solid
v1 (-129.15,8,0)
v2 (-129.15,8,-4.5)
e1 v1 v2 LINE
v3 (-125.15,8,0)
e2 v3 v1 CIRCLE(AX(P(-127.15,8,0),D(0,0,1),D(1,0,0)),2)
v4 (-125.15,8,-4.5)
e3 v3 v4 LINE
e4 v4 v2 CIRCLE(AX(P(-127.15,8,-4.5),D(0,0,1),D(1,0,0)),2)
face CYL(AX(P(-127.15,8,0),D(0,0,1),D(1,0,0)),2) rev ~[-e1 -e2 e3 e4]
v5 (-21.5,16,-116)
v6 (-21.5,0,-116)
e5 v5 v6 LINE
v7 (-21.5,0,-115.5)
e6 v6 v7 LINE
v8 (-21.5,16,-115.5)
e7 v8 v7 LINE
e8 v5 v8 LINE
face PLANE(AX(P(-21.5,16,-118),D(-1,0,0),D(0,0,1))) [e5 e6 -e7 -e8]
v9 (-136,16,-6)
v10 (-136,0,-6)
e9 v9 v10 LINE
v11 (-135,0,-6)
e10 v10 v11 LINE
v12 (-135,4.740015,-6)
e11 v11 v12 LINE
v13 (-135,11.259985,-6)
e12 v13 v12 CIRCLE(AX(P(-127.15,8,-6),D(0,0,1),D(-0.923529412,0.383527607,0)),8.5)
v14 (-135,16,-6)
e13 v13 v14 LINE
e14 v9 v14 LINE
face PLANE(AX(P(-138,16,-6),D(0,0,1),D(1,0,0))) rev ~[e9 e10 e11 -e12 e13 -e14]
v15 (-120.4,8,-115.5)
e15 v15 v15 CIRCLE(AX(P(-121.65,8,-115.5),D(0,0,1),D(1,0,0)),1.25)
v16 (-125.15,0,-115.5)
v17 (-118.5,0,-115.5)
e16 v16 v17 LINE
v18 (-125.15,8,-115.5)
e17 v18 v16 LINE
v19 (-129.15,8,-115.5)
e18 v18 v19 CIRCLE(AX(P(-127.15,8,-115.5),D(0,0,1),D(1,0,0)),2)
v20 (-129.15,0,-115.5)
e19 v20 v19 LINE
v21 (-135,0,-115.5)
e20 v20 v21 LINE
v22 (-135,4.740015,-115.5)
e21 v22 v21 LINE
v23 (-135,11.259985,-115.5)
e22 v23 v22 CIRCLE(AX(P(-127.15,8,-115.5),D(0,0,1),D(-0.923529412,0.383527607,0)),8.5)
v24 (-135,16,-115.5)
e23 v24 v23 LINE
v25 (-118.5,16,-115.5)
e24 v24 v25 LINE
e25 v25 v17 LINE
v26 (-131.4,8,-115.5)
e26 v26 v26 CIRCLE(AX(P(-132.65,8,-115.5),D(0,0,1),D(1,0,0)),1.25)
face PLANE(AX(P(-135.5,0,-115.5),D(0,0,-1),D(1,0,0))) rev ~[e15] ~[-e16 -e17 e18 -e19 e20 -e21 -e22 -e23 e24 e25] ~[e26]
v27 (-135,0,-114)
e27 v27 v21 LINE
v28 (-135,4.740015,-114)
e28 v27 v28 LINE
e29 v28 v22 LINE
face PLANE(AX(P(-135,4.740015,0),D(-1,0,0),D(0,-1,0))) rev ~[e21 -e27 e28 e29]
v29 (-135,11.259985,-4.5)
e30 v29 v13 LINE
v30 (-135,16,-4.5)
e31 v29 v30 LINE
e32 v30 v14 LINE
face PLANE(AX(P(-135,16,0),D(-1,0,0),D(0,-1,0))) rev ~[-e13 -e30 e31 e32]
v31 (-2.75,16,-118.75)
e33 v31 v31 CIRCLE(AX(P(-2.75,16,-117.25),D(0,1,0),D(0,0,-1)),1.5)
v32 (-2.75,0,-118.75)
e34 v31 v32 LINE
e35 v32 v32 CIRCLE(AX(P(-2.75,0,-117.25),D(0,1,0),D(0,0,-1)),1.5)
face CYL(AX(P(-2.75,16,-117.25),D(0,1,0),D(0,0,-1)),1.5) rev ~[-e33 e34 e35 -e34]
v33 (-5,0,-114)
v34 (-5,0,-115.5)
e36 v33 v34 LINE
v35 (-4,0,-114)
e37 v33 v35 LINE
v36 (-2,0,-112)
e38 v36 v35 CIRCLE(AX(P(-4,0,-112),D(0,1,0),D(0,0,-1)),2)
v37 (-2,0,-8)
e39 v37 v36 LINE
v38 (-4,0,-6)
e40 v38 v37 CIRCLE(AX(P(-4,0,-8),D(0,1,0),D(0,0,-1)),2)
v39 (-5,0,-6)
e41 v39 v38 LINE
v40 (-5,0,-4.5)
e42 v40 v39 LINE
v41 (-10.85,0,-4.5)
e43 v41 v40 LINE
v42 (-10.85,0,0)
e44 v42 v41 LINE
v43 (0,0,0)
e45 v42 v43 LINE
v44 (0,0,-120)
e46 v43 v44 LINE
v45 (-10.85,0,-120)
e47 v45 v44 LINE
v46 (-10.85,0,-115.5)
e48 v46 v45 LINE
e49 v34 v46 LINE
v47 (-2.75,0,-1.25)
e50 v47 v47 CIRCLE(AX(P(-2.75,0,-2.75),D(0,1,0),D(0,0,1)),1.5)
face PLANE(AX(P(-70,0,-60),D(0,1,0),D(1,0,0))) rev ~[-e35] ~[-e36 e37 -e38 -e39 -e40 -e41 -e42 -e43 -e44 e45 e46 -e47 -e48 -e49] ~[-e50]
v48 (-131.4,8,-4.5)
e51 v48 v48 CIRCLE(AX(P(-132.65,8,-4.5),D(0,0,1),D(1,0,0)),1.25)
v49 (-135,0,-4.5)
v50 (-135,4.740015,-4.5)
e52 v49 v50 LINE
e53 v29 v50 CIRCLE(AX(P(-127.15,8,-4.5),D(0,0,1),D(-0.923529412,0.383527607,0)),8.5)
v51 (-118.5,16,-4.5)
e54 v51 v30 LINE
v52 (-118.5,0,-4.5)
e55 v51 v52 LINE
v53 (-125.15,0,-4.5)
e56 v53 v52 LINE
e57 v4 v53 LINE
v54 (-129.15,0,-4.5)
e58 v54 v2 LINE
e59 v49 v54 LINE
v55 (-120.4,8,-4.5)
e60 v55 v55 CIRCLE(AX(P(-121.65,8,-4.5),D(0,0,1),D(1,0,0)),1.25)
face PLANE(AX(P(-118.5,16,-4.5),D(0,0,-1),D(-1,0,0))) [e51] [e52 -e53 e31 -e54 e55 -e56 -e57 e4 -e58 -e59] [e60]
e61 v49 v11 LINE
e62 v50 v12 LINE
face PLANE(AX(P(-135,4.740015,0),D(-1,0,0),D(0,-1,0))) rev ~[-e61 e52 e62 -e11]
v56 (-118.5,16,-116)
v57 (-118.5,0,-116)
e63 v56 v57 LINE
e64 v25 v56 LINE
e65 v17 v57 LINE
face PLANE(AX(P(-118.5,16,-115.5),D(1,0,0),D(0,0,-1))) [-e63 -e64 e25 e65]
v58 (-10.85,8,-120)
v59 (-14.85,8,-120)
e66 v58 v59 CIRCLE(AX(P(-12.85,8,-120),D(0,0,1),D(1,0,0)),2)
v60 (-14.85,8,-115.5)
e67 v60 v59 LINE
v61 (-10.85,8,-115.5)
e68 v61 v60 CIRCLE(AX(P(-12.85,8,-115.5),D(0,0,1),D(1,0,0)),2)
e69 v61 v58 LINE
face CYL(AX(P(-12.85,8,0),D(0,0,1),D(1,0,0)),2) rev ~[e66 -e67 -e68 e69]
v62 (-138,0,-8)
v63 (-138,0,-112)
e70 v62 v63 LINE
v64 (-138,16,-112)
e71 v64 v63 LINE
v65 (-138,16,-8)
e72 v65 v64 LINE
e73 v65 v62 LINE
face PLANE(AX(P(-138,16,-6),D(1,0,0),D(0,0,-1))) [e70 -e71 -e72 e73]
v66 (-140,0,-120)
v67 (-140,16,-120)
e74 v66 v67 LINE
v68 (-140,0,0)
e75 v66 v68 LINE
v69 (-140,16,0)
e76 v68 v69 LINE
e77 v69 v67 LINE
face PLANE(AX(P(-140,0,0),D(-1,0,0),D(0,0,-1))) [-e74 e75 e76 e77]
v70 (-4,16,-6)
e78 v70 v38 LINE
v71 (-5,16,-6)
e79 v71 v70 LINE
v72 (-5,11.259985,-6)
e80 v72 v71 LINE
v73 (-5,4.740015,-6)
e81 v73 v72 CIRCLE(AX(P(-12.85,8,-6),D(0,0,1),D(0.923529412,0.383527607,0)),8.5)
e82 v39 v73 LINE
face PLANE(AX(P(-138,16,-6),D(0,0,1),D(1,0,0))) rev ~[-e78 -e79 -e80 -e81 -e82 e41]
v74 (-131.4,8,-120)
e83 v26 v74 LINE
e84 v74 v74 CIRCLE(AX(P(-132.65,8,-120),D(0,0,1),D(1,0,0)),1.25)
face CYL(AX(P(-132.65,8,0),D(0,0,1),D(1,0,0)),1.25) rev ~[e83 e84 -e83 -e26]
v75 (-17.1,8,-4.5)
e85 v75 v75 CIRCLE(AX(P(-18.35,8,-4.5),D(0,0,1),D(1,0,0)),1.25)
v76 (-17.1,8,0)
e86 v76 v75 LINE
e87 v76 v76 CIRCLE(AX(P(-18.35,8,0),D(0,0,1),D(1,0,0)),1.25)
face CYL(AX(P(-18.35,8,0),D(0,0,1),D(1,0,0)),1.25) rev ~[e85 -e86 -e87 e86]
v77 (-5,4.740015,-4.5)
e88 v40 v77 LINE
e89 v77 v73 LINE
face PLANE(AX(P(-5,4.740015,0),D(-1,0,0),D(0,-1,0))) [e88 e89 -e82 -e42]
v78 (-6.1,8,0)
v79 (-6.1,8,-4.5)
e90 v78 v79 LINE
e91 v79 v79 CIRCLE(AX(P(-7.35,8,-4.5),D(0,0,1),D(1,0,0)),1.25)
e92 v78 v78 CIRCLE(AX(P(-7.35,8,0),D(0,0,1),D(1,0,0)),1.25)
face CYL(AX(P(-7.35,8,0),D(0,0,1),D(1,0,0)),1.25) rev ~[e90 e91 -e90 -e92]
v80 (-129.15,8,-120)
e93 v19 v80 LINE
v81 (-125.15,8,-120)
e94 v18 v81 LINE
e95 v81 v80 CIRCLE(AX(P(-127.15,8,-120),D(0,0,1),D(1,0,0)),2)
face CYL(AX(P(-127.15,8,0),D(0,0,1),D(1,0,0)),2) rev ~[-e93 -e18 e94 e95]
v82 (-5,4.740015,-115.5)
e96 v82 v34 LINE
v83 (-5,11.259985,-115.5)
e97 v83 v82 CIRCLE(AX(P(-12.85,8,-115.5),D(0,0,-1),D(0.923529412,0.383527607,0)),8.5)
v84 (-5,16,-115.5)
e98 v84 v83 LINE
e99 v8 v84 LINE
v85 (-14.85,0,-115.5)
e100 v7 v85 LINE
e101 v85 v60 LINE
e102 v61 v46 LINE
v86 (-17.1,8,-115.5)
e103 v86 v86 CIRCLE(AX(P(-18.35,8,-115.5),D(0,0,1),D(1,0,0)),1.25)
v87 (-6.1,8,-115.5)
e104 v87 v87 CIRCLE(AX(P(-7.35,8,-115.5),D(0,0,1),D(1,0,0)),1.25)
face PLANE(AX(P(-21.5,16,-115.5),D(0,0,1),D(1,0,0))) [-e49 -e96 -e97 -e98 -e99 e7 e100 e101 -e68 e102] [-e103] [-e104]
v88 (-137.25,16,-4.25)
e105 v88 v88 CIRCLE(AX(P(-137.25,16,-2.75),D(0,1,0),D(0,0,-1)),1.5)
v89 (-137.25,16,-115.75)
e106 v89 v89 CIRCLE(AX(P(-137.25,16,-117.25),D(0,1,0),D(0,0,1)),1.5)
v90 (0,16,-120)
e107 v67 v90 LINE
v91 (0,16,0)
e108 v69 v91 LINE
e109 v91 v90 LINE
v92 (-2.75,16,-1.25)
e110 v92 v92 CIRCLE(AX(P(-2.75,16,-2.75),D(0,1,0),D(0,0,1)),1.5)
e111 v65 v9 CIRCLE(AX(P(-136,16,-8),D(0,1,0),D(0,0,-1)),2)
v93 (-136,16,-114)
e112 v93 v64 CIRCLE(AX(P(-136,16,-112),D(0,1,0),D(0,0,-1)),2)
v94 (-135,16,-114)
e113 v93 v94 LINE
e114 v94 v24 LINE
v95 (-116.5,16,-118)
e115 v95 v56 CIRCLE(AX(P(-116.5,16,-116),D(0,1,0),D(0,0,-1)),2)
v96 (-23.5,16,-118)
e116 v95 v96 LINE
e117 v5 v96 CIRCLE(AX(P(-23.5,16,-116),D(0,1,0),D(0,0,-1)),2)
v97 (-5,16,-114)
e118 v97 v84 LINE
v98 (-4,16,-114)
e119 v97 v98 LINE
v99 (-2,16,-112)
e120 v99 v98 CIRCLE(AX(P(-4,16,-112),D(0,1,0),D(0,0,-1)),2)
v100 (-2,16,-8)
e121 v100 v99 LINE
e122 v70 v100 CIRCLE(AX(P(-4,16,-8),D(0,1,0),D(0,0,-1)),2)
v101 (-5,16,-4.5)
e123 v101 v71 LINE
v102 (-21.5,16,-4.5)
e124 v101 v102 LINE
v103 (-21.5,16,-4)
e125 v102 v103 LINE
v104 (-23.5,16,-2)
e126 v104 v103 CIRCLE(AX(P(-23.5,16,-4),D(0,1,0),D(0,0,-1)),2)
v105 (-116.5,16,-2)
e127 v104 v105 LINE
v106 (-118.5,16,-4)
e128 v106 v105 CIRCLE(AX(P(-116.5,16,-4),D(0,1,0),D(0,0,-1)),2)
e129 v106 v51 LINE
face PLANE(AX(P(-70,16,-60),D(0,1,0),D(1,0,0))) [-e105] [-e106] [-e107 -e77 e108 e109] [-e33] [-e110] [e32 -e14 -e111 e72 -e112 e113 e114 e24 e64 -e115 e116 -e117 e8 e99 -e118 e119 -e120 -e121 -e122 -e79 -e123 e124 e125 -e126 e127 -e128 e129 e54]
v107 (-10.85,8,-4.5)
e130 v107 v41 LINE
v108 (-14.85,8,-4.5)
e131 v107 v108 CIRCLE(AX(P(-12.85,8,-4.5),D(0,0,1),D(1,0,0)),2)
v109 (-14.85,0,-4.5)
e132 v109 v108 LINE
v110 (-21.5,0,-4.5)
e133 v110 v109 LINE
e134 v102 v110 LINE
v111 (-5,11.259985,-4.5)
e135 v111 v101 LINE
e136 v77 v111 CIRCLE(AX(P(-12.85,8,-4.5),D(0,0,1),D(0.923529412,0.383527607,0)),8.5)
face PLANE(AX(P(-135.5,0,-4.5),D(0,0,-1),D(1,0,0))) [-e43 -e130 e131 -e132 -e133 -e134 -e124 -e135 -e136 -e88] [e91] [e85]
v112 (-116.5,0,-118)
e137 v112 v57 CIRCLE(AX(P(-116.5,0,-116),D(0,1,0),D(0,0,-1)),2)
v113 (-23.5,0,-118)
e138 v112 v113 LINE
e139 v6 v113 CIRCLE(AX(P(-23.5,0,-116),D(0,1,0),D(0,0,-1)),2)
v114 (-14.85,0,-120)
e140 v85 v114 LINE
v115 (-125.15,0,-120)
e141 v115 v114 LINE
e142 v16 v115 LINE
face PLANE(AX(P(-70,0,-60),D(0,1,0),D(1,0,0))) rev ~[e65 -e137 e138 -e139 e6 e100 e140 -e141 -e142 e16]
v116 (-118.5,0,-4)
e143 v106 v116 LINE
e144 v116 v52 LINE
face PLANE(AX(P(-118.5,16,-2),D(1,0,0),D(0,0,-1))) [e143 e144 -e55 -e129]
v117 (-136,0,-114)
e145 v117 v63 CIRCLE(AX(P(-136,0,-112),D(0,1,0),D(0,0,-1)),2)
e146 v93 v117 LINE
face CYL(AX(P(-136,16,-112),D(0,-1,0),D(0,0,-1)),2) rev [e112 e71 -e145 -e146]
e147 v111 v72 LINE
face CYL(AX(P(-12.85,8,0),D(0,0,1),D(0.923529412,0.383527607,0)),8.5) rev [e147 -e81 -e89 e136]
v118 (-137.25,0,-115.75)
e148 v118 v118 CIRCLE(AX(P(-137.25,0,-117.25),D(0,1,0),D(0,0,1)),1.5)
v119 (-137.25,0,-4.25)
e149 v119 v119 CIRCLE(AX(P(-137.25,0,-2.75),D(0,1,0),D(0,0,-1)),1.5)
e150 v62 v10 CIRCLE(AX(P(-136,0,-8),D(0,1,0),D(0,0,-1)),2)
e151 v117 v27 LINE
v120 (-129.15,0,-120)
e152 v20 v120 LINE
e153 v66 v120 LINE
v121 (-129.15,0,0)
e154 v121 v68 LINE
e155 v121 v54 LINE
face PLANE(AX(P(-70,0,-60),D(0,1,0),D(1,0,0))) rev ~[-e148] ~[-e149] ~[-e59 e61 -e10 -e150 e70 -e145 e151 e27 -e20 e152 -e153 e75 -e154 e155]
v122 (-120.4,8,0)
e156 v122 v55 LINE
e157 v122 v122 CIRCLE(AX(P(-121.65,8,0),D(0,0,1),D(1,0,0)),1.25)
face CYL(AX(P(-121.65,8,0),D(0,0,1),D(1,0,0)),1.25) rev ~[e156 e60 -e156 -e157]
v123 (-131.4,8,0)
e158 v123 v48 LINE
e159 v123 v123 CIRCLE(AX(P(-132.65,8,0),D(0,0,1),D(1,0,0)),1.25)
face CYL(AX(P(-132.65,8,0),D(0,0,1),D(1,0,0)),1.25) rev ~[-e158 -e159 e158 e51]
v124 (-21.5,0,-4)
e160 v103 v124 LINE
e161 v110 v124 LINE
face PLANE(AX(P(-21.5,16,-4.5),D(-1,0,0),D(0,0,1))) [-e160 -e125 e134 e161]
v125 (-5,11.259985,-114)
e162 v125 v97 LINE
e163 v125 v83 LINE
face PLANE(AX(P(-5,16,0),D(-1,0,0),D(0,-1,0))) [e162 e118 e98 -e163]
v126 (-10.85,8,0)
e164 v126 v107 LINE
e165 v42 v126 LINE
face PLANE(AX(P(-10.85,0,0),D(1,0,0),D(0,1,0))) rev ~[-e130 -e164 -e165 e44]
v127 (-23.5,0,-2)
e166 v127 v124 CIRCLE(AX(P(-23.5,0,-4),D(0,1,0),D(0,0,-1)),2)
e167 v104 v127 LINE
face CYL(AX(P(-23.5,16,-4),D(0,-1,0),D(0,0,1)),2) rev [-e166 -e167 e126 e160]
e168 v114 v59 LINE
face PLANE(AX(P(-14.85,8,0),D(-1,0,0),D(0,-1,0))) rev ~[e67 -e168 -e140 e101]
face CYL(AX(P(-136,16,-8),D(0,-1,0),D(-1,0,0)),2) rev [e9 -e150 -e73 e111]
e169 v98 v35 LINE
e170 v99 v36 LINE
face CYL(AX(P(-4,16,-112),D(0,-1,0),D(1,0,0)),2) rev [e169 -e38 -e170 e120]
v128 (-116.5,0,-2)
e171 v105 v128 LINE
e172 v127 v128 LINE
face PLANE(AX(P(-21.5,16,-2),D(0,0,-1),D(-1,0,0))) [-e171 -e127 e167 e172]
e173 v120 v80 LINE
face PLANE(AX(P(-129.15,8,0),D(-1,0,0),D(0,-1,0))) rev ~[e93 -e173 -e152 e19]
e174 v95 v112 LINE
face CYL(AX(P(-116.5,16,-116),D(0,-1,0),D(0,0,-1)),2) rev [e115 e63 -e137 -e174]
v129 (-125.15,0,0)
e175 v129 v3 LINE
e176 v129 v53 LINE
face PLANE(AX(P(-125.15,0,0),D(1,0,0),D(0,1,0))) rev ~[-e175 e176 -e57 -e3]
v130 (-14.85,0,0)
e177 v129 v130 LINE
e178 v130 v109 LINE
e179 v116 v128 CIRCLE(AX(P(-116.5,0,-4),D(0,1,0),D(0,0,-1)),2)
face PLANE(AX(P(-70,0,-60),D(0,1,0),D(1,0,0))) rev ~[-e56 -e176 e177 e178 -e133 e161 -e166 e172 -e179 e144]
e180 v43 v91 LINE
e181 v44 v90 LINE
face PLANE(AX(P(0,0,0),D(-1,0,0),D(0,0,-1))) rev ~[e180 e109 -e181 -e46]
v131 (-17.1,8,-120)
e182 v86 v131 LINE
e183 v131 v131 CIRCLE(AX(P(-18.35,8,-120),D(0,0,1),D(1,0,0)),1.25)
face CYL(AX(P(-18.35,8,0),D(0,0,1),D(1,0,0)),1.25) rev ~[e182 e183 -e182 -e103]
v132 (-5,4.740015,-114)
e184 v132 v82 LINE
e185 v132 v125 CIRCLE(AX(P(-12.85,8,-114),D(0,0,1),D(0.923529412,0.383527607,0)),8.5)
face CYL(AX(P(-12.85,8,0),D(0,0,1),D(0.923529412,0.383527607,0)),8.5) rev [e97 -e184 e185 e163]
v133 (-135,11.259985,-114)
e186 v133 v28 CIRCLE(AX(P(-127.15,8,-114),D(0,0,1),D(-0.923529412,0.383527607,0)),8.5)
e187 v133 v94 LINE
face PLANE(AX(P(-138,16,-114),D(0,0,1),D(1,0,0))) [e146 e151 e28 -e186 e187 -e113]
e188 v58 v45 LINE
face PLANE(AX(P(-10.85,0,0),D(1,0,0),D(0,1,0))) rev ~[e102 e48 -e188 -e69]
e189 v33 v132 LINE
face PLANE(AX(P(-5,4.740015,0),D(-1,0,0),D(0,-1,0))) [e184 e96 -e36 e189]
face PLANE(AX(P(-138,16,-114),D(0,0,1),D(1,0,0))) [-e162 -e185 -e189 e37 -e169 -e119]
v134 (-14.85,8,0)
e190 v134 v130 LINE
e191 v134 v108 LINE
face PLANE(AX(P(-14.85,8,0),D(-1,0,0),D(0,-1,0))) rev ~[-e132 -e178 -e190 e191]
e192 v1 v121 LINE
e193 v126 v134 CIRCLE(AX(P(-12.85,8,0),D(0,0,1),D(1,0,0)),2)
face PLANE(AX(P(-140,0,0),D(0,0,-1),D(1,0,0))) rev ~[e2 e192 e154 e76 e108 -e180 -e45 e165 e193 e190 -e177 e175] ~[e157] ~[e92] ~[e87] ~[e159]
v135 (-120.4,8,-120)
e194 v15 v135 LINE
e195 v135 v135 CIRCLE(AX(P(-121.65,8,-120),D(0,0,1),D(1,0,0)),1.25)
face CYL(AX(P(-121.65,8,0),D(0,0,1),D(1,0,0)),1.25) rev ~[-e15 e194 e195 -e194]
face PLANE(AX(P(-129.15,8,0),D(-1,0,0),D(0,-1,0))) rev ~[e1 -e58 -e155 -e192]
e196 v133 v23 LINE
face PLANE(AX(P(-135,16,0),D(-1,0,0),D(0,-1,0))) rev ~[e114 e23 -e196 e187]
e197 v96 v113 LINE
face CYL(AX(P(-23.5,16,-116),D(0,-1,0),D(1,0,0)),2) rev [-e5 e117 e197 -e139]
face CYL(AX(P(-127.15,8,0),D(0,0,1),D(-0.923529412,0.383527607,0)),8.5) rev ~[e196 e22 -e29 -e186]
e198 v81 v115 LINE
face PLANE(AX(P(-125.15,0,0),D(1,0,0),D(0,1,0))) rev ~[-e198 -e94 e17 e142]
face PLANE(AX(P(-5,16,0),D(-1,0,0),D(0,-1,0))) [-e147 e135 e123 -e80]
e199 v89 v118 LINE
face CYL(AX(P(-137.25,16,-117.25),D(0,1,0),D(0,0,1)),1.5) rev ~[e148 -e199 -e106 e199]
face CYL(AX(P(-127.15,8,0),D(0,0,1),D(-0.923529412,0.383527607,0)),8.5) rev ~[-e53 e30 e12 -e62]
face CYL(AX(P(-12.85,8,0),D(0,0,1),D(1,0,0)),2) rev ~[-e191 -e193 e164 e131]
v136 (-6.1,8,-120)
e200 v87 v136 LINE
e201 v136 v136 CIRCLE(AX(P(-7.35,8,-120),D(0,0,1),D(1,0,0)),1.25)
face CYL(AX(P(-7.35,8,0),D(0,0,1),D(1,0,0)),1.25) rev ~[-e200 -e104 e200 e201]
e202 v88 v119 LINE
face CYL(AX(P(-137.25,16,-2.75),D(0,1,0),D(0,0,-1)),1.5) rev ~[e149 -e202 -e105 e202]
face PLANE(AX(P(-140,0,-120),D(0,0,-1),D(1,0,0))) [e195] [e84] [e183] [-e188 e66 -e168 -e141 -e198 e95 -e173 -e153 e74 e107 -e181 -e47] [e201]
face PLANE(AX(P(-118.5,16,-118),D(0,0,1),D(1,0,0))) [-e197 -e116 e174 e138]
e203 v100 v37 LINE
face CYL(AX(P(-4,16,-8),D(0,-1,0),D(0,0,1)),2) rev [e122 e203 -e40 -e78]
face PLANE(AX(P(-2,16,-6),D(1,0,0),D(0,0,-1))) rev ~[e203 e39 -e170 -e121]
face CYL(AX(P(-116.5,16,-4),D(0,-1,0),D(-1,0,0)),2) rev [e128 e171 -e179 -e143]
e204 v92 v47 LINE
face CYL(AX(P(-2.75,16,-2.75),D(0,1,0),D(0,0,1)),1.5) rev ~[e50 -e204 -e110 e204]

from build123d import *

# Parameters (mm, degrees)
SKETCH1_W           = 140
SKETCH1_H           = 120
SKETCH1_W_2         = 131
SKETCH1_H_2         = 111
BOSS_EXTRUDE1_DEPTH = 16
CUT_EXTRUDE1_DEPTH  = 186.08376482
SKETCH5_R           = 1.25
CUT_EXTRUDE3_DEPTH  = 186.08376482
CUT_EXTRUDE2_DEPTH  = 186.08376482
BOSS_EXTRUDE2_DEPTH = 115.5
SKETCH7_W           = 136
SKETCH7_H           = 108
CUT_EXTRUDE4_DEPTH  = 186.08376482
FILLET1_R           = 2
SKETCH9_R           = 1.3
CUT_EXTRUDE5_DEPTH  = 4
SKETCH10_R          = 1.5
CUT_EXTRUDE6_DEPTH  = 186.08376482


with BuildPart() as part:
    # Sketch1 → Boss-Extrude1 (new body)
    with BuildSketch(Plane(origin=(0, 0, 0), x_dir=(1, 0, 0), z_dir=(0, 1, 0))):
        with Locations((-70, 60)):
            Rectangle(SKETCH1_W, SKETCH1_H)
        with Locations((-70, 60)):
            Rectangle(SKETCH1_W_2, SKETCH1_H_2, mode=Mode.SUBTRACT)
    extrude(amount=BOSS_EXTRUDE1_DEPTH)

    # Sketch3 → Cut-Extrude1 (cut, through all)
    with BuildSketch(Plane.XY):
        with BuildLine():
            Line((-129.15, 8), (-129.15, 0))
            Line((-129.15, 0), (-125.15, 0))
            Line((-125.15, 0), (-125.15, 8))
            ThreePointArc((-125.15, 8), (-127.15, 10), (-129.15, 8))
        make_face()
        with BuildLine():
            Line((-14.85, 8), (-14.85, 0))
            Line((-14.85, 0), (-10.85, 0))
            Line((-10.85, 0), (-10.85, 8))
            ThreePointArc((-10.85, 8), (-12.85, 10), (-14.85, 8))
        make_face()
    extrude(amount=-CUT_EXTRUDE1_DEPTH, mode=Mode.SUBTRACT)

    # Sketch5 → Cut-Extrude3 (cut, through all)
    with BuildSketch(Plane.XY):
        with Locations((-132.65, 8)):
            Circle(SKETCH5_R)
        with Locations((-121.65, 8)):
            Circle(SKETCH5_R)
        with Locations((-18.35, 8)):
            Circle(SKETCH5_R)
        with Locations((-7.35, 8)):
            Circle(SKETCH5_R)
    extrude(amount=-CUT_EXTRUDE3_DEPTH, mode=Mode.SUBTRACT)

    # Sketch4 → Cut-Extrude2 (cut, through all)
    with BuildSketch(Plane(origin=(0, 16, 0), x_dir=(1, 0, 0), z_dir=(0, 1, 0))):
        Polygon((-138, 115.5), (-118.5, 115.5), (-118.5, 118), (-21.5, 118), (-21.5, 115.5), (-2, 115.5), (-2, 4.5), (-21.5, 4.5), (-21.5, 2), (-118.5, 2), (-118.5, 4.5), (-138, 4.5), align=None)
    extrude(amount=-CUT_EXTRUDE2_DEPTH, mode=Mode.SUBTRACT)

    # Sketch6 → Boss-Extrude2 (add)
    with BuildSketch(Plane.XY):
        with BuildLine():
            Line((-140, 16), (-135, 16))
            Line((-135, 16), (-135, 11.259984663))
            ThreePointArc((-135, 11.259984663), (-135.65, 8), (-135, 4.740015337))
            Line((-135, 4.740015337), (-135, 0))
            Line((-135, 0), (-140, 0))
            Line((-140, 0), (-140, 16))
        make_face()
        with BuildLine():
            Line((-5, 16), (-5, 11.259984663))
            ThreePointArc((-5, 11.259984663), (-4.35, 8), (-5, 4.740015337))
            Line((-5, 4.740015337), (-5, 0))
            Line((-5, 0), (0, 0))
            Line((0, 0), (0, 16))
            Line((0, 16), (-5, 16))
        make_face()
    extrude(amount=-BOSS_EXTRUDE2_DEPTH)

    # Sketch7 → Cut-Extrude4 (cut, through all)
    with BuildSketch(Plane(origin=(0, 16, 0), x_dir=(1, 0, 0), z_dir=(0, 1, 0))):
        with Locations((-70, 60)):
            Rectangle(SKETCH7_W, SKETCH7_H)
    extrude(amount=-CUT_EXTRUDE4_DEPTH, mode=Mode.SUBTRACT)

    # Fillet1
    fillet1_edges = [part.edges().sort_by_distance(p)[0] for p in [
        (-118.5, 8, -118),
        (-21.5, 8, -118),
        (-21.5, 8, -2),
        (-118.5, 8, -2),
        (-2, 8, -6),
        (-138, 8, -6),
        (-138, 8, -114),
        (-2, 8, -114),
    ]]
    fillet(fillet1_edges, radius=FILLET1_R)

    # Sketch9 → Cut-Extrude5 (cut)
    with BuildSketch(Plane(origin=(0, 0, 0), x_dir=(1, 0, 0), z_dir=(0, 1, 0))):
        with Locations(Location((-137.25, 2.75, 0), (0, 0, 270))):
            Circle(SKETCH9_R)
        with Locations(Location((-2.75, 2.75, 0), (0, 0, 90))):
            Circle(SKETCH9_R)
        with Locations(Location((-2.75, 117.25, 0), (0, 0, 270))):
            Circle(SKETCH9_R)
        with Locations(Location((-137.25, 117.25, 0), (0, 0, 90))):
            Circle(SKETCH9_R)
    extrude(amount=CUT_EXTRUDE5_DEPTH, mode=Mode.SUBTRACT)

    # Sketch10 → Cut-Extrude6 (cut, through all)
    with BuildSketch(Plane(origin=(0, 16, 0), x_dir=(1, 0, 0), z_dir=(0, 1, 0))):
        with Locations(Location((-137.25, 117.25, 0), (0, 0, 270))):
            Circle(SKETCH10_R)
        with Locations(Location((-2.75, 117.25, 0), (0, 0, 90))):
            Circle(SKETCH10_R)
        with Locations(Location((-2.75, 2.75, 0), (0, 0, 270))):
            Circle(SKETCH10_R)
        with Locations(Location((-137.25, 2.75, 0), (0, 0, 90))):
            Circle(SKETCH10_R)
    extrude(amount=-CUT_EXTRUDE6_DEPTH, mode=Mode.SUBTRACT)


solid = part.part
